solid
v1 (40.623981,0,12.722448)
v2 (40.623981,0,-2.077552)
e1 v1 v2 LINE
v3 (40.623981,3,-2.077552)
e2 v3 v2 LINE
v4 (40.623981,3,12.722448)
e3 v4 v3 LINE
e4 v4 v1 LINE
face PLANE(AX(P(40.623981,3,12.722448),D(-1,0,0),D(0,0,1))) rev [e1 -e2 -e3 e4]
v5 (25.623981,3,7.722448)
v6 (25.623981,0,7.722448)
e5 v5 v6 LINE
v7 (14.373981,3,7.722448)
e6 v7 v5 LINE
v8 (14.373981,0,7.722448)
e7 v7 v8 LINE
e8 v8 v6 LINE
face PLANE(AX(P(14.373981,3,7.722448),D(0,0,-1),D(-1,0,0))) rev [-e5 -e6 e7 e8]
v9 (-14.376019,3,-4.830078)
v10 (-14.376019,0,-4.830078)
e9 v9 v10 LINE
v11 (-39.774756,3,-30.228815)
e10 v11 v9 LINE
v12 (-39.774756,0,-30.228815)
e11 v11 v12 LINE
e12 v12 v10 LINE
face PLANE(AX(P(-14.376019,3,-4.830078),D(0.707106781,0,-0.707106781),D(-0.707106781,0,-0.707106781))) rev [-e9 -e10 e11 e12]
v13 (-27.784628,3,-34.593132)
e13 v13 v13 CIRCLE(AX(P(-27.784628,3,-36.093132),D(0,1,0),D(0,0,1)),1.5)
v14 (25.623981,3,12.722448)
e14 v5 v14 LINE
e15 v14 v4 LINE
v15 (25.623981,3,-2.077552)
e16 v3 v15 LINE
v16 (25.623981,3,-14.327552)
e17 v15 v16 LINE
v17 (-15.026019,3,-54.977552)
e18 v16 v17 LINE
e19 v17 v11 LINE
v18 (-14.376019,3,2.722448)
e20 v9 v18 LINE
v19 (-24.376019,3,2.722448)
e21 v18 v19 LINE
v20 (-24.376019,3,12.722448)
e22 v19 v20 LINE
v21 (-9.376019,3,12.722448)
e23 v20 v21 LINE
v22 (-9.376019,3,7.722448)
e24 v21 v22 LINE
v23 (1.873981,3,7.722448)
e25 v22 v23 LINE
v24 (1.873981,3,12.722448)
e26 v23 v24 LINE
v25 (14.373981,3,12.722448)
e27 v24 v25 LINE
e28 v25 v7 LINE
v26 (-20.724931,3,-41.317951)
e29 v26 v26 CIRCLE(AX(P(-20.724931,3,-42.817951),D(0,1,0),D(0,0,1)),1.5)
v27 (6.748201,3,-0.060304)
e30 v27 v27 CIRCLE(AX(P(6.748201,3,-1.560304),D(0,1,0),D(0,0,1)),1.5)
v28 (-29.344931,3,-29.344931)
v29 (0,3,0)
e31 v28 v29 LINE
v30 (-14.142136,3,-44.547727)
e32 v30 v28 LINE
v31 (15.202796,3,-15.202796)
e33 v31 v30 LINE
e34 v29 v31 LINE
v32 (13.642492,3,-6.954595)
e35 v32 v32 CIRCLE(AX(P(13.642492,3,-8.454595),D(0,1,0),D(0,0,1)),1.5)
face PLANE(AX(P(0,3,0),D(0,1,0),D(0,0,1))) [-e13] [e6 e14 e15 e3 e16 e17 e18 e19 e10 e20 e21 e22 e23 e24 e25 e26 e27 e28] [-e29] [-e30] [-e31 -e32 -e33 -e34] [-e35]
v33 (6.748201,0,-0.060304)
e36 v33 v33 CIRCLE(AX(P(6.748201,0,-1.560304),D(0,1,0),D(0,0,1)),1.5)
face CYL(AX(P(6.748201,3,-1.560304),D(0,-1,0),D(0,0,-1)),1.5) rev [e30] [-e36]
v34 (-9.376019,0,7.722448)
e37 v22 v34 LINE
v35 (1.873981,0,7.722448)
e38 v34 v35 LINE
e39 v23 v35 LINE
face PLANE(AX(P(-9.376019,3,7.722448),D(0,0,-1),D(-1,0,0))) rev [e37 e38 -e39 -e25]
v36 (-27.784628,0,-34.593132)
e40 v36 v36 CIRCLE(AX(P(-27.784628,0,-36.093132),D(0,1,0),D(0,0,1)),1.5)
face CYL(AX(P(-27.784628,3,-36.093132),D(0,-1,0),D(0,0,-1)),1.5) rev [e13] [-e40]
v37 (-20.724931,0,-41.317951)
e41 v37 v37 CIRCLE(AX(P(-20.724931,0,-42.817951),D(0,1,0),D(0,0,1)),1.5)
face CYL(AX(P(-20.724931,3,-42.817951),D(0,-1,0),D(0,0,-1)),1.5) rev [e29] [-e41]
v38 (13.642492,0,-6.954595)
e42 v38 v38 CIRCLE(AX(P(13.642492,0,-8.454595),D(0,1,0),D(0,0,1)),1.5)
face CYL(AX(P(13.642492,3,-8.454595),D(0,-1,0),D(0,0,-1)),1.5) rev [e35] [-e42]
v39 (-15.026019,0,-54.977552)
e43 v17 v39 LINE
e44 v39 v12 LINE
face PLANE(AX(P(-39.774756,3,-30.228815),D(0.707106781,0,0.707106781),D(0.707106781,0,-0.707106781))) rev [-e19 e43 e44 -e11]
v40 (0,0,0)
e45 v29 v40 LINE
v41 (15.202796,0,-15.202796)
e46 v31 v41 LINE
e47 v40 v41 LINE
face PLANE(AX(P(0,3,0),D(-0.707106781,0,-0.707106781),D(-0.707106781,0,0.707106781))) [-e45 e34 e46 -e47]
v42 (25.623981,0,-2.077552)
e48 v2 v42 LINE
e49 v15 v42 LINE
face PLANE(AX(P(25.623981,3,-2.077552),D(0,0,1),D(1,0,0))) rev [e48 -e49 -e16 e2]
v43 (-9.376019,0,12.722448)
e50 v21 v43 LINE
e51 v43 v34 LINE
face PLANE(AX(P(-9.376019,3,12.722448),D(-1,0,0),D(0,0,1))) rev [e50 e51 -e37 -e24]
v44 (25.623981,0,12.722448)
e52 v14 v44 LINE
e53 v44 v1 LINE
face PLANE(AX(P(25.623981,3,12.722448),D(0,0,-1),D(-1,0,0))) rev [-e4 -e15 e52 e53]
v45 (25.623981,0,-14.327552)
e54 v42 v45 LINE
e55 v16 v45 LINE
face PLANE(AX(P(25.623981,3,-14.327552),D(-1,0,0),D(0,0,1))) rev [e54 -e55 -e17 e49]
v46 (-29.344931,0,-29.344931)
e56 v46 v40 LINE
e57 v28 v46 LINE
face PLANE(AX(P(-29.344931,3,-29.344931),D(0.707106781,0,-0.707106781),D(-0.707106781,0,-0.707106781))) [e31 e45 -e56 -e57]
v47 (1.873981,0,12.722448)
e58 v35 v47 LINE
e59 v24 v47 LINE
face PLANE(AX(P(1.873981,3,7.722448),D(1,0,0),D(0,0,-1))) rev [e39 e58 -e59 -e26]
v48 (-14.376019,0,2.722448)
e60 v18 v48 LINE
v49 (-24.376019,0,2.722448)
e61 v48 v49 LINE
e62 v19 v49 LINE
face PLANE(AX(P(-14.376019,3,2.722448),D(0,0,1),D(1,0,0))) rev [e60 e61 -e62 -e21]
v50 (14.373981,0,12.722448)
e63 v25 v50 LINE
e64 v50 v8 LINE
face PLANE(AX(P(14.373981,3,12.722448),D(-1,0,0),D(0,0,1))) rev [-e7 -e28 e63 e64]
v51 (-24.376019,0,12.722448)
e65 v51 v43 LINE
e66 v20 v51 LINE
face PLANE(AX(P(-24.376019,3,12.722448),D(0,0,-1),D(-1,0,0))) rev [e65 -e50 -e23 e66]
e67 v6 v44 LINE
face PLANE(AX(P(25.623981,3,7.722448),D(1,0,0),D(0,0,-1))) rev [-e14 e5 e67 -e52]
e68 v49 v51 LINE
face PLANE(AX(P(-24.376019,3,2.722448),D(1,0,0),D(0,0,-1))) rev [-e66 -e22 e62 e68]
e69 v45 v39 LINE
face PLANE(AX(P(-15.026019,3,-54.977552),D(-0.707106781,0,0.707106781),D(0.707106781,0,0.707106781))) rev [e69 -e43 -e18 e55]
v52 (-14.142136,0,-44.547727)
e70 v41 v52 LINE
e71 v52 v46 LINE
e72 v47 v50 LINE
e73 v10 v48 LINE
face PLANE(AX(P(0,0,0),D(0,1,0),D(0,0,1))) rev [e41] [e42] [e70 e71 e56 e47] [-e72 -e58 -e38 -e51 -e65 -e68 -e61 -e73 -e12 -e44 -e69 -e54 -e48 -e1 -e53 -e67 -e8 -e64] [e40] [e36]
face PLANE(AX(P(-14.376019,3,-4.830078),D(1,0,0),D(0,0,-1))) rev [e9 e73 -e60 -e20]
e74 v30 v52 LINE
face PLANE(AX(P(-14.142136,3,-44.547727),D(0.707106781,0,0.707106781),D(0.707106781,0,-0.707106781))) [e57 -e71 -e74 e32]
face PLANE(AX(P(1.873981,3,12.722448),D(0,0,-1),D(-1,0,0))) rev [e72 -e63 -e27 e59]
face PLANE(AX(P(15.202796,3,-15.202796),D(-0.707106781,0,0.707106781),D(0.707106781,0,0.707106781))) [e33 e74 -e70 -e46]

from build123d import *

# Parameters (mm, degrees)
SKETCH_1_R      = 1.5
EXTRUDE_1_DEPTH = 3


with BuildPart() as part:
    # 草图1 → 凸台-拉伸1 (new body)
    with BuildSketch(Plane(origin=(0, 0, 0), x_dir=(1, 0, 0), z_dir=(0, 1, 0))):
        Polygon((-14.3760191, 4.830077554), (-14.3760191, -2.722447763), (-24.3760191, -2.722447763), (-24.3760191, -12.722447763), (-9.3760191, -12.722447763), (-9.3760191, -7.722447763), (1.8739809, -7.722447763), (1.8739809, -12.722447763), (14.3739809, -12.722447763), (14.3739809, -7.722447763), (25.6239809, -7.722447763), (25.6239809, -12.722447763), (40.6239809, -12.722447763), (40.6239809, 2.077552237), (25.6239809, 2.077552237), (25.6239809, 14.327552237), (-15.0260191, 54.977552237), (-39.774756442, 30.228814896), align=None)
        with Locations(Location((-27.784627569, 36.093132248, 0), (0, 0, 270))):
            Circle(SKETCH_1_R, mode=Mode.SUBTRACT)
        with Locations(Location((-20.724931121, 42.817950912, 0), (0, 0, 270))):
            Circle(SKETCH_1_R, mode=Mode.SUBTRACT)
        with Locations(Location((6.748200828, 1.560303851, 0), (0, 0, 270))):
            Circle(SKETCH_1_R, mode=Mode.SUBTRACT)
        with Locations(Location((13.642491945, 8.454594967, 0), (0, 0, 270))):
            Circle(SKETCH_1_R, mode=Mode.SUBTRACT)
        Polygon((0, 0), (15.202795796, 15.202795796), (-14.142135624, 44.547727215), (-29.344931419, 29.344931419), align=None, mode=Mode.SUBTRACT)
    extrude(amount=EXTRUDE_1_DEPTH)


solid = part.part
